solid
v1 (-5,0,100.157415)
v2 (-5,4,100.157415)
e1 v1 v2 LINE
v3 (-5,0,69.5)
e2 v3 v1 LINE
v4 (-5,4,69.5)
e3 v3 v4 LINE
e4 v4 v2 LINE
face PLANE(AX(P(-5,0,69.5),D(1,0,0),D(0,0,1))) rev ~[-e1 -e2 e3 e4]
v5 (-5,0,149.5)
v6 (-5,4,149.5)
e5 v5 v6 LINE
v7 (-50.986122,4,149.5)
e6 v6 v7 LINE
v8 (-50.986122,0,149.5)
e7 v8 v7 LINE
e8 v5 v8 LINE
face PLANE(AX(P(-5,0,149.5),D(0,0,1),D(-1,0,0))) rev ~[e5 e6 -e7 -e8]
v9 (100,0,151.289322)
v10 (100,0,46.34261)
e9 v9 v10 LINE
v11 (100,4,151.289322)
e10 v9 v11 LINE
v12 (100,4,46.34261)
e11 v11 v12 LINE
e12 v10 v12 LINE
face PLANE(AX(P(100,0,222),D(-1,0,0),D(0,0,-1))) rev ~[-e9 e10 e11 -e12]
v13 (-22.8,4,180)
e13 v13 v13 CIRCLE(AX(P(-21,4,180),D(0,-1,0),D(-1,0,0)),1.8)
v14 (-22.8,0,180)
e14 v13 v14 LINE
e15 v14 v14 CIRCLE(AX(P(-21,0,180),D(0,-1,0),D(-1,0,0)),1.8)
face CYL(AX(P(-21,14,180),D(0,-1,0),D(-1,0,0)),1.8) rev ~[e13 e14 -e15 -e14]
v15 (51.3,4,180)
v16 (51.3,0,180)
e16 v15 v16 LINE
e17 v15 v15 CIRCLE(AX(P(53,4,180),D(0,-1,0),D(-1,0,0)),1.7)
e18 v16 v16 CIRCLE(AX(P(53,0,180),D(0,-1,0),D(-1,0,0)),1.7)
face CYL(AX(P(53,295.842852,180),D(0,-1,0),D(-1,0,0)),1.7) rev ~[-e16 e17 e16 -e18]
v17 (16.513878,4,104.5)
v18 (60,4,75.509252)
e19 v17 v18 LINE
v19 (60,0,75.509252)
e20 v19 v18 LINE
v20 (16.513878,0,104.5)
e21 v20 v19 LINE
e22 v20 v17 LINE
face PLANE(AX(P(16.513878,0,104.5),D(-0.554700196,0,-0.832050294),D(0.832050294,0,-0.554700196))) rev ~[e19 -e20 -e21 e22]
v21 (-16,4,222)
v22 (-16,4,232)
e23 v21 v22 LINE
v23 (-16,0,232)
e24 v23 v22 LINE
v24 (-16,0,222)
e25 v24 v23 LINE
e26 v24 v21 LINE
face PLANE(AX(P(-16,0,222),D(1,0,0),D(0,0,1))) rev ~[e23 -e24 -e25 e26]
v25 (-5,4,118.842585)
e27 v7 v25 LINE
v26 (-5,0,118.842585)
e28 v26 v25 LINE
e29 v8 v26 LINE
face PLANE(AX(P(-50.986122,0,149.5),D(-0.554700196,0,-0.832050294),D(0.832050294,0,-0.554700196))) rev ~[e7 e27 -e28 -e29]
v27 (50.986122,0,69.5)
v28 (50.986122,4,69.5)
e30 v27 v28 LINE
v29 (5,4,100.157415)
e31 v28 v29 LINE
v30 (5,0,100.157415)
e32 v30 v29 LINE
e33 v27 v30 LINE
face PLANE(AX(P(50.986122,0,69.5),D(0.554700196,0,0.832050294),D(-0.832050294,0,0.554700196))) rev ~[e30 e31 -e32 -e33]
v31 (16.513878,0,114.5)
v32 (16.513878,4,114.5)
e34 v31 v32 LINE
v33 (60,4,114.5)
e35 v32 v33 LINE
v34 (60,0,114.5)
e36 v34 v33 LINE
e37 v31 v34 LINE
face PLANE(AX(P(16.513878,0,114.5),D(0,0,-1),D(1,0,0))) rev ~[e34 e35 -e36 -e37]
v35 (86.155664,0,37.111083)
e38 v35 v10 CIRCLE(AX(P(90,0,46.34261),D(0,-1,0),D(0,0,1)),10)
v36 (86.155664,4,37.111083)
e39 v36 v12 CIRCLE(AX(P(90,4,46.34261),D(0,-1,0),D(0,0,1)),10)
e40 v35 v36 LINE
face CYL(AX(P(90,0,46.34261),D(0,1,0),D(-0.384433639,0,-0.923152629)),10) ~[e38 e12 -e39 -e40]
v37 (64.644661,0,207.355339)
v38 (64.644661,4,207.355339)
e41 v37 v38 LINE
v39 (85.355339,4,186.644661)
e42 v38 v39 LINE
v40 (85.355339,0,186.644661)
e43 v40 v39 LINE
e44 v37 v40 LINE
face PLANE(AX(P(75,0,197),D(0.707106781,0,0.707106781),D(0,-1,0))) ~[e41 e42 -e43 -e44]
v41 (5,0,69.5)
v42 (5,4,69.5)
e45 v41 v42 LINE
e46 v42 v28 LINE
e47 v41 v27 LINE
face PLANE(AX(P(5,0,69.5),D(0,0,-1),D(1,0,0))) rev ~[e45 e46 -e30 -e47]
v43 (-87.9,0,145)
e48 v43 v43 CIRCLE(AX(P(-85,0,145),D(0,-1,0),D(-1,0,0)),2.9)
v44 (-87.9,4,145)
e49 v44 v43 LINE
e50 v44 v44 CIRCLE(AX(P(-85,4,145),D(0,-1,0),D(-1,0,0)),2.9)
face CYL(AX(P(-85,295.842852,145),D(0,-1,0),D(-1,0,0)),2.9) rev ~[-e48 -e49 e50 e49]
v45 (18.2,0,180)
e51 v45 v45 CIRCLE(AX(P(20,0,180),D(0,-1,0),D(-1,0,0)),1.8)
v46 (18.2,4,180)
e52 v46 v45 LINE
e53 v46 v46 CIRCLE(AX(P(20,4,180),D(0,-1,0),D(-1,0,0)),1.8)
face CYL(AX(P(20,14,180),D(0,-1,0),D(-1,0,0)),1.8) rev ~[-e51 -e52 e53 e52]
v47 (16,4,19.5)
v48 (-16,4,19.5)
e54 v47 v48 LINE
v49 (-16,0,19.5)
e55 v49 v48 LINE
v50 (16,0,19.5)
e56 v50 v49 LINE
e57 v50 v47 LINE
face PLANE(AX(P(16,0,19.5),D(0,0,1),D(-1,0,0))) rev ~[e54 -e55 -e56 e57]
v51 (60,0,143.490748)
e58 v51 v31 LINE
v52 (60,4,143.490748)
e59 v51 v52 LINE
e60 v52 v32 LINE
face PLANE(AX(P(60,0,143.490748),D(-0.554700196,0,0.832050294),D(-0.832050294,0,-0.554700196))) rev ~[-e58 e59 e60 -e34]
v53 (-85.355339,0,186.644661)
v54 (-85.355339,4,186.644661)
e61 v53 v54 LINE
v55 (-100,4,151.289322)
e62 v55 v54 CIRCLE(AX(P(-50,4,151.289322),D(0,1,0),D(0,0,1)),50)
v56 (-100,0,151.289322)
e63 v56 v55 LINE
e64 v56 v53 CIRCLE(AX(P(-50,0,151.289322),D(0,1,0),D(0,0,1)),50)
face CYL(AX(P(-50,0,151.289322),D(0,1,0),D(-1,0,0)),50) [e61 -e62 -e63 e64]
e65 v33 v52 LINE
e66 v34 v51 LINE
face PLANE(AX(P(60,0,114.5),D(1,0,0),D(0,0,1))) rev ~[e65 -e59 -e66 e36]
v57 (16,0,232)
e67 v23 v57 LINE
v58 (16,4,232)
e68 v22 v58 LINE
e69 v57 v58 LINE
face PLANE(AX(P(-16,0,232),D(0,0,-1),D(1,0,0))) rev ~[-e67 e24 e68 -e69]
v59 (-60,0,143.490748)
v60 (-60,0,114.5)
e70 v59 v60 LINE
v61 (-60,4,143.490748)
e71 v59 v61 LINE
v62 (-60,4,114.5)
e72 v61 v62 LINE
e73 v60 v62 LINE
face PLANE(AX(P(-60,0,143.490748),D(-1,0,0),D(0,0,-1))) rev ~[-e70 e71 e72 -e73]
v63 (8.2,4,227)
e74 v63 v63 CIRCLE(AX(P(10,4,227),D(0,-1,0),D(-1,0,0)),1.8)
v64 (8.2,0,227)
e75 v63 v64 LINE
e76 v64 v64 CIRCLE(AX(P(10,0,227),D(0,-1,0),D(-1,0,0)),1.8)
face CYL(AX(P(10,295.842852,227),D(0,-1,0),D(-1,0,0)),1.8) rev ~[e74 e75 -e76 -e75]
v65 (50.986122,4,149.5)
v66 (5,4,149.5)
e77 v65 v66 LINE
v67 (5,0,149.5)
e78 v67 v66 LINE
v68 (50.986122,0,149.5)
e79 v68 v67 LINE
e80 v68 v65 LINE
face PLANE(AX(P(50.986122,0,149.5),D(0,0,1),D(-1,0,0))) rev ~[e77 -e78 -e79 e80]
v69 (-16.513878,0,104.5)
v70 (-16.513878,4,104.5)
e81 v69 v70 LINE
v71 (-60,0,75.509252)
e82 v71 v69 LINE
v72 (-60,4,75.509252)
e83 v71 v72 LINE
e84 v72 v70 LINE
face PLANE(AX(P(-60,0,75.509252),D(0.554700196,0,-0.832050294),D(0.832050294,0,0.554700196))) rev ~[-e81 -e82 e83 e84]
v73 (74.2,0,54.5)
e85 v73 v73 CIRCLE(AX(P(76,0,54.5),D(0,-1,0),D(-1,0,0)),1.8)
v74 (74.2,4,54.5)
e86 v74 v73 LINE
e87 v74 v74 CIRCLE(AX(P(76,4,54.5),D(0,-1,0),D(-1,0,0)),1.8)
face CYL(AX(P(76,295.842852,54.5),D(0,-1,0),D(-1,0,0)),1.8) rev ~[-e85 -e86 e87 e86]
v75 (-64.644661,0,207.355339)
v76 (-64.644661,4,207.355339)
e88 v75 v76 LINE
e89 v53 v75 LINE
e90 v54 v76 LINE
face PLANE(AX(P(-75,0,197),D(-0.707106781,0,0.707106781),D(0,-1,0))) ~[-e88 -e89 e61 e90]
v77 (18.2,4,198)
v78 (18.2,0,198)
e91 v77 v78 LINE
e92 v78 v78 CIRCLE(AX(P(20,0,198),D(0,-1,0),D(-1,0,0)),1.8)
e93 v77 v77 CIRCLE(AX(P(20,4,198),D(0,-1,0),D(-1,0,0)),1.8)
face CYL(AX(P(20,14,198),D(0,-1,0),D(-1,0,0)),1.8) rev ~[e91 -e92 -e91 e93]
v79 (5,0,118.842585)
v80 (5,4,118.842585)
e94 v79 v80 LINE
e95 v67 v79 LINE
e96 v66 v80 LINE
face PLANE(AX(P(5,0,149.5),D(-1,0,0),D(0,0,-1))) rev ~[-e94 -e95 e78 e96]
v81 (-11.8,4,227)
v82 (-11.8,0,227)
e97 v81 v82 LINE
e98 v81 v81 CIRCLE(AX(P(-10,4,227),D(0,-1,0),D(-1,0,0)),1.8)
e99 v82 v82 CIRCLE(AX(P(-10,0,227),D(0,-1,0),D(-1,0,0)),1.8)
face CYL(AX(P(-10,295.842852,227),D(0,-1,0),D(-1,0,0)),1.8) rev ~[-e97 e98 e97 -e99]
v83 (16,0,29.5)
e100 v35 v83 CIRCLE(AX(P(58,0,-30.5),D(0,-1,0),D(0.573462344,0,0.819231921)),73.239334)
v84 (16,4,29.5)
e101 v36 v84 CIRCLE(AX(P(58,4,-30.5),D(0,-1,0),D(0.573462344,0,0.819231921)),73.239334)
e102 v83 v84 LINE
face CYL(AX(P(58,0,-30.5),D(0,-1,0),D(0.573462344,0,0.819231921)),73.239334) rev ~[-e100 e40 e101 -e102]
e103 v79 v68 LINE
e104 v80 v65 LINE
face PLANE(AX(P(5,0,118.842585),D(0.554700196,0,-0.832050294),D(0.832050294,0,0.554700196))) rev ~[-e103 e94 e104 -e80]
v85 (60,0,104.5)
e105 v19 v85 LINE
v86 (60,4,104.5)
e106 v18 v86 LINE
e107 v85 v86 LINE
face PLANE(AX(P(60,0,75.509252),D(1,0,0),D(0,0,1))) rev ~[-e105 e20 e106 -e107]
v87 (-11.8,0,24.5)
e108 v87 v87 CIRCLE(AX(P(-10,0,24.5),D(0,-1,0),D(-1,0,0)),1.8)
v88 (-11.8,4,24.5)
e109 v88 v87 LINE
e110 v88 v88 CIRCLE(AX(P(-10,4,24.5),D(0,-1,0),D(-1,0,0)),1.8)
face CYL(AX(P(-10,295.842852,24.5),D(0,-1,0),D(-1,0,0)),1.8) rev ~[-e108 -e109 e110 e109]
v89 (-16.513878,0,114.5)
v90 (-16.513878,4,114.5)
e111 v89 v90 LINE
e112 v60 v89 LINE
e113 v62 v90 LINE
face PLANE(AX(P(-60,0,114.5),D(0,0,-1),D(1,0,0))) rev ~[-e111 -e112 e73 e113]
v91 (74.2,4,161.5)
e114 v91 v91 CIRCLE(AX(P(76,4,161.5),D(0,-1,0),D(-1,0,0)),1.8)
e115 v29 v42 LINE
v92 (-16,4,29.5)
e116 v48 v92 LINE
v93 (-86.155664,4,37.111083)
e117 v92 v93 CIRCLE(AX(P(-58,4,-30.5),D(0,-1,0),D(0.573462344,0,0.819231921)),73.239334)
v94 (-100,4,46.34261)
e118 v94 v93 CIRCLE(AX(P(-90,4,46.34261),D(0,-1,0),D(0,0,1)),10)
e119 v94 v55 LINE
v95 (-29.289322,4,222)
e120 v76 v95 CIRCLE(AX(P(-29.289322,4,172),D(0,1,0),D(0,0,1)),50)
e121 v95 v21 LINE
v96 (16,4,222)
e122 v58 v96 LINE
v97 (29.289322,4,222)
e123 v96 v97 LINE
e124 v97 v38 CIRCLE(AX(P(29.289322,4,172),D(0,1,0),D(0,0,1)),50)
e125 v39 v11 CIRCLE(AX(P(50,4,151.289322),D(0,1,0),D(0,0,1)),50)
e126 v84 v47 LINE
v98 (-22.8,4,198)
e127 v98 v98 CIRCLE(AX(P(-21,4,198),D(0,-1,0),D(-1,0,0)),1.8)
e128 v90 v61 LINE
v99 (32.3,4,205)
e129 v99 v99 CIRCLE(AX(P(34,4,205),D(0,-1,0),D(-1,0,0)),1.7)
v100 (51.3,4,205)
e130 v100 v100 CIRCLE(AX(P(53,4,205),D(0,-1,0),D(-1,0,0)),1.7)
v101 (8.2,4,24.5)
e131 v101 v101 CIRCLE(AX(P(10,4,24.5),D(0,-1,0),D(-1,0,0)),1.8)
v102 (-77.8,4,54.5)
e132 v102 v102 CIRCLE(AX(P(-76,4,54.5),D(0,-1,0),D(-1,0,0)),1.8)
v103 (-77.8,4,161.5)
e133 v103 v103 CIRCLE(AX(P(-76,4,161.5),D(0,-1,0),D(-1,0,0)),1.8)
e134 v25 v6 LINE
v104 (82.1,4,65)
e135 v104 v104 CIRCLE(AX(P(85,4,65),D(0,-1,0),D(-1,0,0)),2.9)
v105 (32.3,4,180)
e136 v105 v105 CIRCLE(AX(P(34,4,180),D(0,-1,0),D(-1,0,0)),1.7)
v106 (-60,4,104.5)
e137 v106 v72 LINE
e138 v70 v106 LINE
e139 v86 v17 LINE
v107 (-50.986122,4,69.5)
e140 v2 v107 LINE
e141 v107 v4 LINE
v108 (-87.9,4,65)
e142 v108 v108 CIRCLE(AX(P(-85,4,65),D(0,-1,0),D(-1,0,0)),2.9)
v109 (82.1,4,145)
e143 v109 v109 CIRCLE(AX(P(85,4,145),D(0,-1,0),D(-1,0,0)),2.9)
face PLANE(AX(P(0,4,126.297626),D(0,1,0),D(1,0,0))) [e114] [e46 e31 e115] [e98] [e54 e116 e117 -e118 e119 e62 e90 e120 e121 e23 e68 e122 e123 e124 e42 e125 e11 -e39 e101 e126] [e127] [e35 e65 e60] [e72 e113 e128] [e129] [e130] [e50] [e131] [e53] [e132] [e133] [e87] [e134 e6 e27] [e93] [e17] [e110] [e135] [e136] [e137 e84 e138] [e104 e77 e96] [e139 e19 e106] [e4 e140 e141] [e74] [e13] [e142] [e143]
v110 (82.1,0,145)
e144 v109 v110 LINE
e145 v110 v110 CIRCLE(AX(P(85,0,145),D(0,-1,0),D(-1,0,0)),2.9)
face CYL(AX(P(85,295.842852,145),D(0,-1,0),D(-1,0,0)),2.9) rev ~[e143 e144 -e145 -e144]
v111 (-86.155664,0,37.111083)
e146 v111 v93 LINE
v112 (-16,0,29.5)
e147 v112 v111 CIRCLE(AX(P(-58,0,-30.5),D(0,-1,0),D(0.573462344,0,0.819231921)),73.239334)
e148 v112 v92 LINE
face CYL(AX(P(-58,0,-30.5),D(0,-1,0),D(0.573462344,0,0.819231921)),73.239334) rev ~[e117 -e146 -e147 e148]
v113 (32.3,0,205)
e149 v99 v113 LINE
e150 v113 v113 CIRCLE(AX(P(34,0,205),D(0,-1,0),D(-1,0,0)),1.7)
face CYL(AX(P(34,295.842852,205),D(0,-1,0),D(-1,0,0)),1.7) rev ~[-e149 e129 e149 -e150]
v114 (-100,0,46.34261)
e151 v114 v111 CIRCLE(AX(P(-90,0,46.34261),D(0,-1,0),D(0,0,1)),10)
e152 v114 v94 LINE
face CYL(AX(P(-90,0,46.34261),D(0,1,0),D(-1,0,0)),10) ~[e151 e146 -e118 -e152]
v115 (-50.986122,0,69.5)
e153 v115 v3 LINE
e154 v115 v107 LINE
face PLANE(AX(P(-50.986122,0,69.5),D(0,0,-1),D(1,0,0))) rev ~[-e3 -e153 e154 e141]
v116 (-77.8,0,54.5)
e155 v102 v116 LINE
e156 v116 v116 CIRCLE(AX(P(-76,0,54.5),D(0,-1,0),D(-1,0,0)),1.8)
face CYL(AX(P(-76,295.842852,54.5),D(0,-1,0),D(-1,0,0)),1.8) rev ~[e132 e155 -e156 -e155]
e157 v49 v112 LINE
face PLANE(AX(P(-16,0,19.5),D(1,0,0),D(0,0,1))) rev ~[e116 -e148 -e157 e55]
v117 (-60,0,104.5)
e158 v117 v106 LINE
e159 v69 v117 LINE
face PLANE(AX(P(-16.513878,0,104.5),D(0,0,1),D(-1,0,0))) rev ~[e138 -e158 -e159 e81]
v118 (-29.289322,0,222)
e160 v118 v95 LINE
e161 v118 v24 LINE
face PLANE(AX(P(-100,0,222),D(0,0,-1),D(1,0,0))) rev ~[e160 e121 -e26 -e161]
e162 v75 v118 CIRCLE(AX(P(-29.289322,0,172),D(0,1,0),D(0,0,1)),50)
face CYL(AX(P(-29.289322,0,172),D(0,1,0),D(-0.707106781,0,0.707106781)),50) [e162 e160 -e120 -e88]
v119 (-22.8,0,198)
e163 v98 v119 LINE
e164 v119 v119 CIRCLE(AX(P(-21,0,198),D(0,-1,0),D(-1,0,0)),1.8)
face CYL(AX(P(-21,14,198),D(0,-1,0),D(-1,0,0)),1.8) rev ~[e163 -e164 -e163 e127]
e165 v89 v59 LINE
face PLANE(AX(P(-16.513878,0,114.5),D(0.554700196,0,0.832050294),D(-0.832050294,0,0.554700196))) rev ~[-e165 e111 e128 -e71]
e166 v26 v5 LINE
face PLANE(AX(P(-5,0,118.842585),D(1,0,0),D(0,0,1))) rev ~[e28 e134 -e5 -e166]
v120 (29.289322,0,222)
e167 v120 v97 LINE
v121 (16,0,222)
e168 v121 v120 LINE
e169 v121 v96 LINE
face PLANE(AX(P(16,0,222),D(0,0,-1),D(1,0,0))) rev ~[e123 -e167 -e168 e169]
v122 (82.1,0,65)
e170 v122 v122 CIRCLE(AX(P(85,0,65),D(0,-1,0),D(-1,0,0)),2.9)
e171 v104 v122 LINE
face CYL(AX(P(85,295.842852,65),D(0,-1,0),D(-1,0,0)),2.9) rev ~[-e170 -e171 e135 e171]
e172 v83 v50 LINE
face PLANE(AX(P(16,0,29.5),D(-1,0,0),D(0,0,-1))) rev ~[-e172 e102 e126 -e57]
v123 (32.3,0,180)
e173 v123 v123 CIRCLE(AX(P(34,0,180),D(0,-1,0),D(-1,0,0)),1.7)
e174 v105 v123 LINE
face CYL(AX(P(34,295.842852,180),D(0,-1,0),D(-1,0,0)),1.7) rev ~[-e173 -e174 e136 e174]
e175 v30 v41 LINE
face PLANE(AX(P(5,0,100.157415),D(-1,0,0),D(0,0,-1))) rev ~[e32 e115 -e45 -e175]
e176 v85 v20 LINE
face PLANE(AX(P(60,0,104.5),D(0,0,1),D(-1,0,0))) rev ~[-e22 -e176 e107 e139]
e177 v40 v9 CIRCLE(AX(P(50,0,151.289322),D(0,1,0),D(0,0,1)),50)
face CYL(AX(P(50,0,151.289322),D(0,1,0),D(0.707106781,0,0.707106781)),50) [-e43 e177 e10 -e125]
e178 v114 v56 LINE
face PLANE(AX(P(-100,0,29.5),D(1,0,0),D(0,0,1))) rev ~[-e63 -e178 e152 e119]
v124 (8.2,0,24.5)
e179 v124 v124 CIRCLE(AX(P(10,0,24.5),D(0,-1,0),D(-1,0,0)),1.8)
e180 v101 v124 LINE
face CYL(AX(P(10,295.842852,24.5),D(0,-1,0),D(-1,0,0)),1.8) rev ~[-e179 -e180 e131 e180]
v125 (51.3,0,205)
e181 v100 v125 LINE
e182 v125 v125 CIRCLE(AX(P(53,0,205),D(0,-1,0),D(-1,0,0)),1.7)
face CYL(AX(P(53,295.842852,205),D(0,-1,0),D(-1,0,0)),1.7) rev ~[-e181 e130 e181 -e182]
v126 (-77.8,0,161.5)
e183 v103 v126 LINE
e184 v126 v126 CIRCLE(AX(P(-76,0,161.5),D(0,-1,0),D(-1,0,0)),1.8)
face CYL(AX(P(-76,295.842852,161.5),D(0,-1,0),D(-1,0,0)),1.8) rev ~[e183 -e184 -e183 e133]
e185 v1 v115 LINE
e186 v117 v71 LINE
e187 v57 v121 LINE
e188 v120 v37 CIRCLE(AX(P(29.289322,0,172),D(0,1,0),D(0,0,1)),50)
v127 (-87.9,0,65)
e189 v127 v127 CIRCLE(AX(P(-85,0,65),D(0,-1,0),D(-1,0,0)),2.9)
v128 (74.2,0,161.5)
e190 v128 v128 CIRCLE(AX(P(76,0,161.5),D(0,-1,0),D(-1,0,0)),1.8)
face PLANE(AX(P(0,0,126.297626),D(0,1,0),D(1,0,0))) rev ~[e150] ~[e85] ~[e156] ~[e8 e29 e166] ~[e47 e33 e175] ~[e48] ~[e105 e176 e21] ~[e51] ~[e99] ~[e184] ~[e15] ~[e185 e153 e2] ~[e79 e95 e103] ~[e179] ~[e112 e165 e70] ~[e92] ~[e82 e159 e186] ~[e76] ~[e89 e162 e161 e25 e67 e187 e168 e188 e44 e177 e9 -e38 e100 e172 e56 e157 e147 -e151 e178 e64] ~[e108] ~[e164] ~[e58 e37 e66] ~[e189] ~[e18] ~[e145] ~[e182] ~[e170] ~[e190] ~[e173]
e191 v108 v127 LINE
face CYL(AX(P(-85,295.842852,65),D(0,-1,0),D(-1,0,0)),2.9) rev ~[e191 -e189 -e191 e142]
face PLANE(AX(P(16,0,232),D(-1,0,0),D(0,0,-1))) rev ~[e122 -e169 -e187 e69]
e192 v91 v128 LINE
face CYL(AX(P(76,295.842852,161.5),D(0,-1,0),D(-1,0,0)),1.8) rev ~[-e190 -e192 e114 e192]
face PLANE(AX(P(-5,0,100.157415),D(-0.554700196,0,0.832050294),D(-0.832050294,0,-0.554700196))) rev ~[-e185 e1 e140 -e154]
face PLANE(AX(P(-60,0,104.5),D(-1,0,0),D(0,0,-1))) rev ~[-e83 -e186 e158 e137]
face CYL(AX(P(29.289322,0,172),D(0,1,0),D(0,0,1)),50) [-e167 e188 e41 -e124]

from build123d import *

# Parameters (mm, degrees)
BOSS_EXTRUDE1_DEPTH      = 4
M5_CLEARANCE_HOLE1_D     = 5.8
FILLET1_R                = 10
M3_CLEARANCE_HOLE1_D     = 3.6
M3_CLEARANCE_HOLE1_DEPTH = 10
M3_CLEARANCE_HOLE1_TIP   = 1.081549114
CHAMFER1_SIZE            = 50
FILLET3_R                = 50
M3_CLEARANCE_HOLE2_D     = 3.6
M3_CLEARANCE_HOLE3_D     = 3.4


with BuildPart() as part:
    # Sketch1 → Boss-Extrude1 (new body)
    with BuildSketch(Plane(origin=(0, 0, 0), x_dir=(1, 0, 0), z_dir=(0, 1, 0))):
        with BuildLine():
            Line((-100, -29.5), (-100, -222))
            Line((-100, -222), (-16, -222))
            Line((-16, -222), (-16, -232))
            Line((-16, -232), (16, -232))
            Line((16, -232), (16, -222))
            Line((16, -222), (100, -222))
            Line((100, -222), (100, -29.5))
            ThreePointArc((100, -29.5), (58, -42.739333694), (16, -29.5))
            Line((16, -29.5), (16, -19.5))
            Line((16, -19.5), (-16, -19.5))
            Line((-16, -19.5), (-16, -29.5))
            ThreePointArc((-16, -29.5), (-58, -42.739333694), (-100, -29.5))
        make_face()
        Polygon((-50.986121811, -69.5), (-5, -69.5), (-5, -100.157414541), align=None, mode=Mode.SUBTRACT)
        Polygon((5, -69.5), (50.986121811, -69.5), (5, -100.157414541), align=None, mode=Mode.SUBTRACT)
        Polygon((60, -75.509252126), (60, -104.5), (16.513878189, -104.5), align=None, mode=Mode.SUBTRACT)
        Polygon((60, -114.5), (60, -143.490747874), (16.513878189, -114.5), align=None, mode=Mode.SUBTRACT)
        Polygon((50.986121811, -149.5), (5, -149.5), (5, -118.842585459), align=None, mode=Mode.SUBTRACT)
        Polygon((-5, -149.5), (-50.986121811, -149.5), (-5, -118.842585459), align=None, mode=Mode.SUBTRACT)
        Polygon((-60, -143.490747874), (-60, -114.5), (-16.513878189, -114.5), align=None, mode=Mode.SUBTRACT)
        Polygon((-16.513878189, -104.5), (-60, -104.5), (-60, -75.509252126), align=None, mode=Mode.SUBTRACT)
    extrude(amount=BOSS_EXTRUDE1_DEPTH)

    # M5 Clearance Hole1 (through all)
    with Locations(Plane(origin=(0, 4, 0), x_dir=(1, 0, 0), z_dir=(0, 1, 0))):
        with Locations((-85, -65), (-85, -145), (85, -145), (85, -65)):
            Hole(M5_CLEARANCE_HOLE1_D / 2)

    # Fillet1
    fillet1_edges = [part.edges().sort_by_distance(p)[0] for p in [
        (100, 2, 29.5),
        (-100, 2, 29.5),
    ]]
    fillet(fillet1_edges, radius=FILLET1_R)

    # M3 Clearance Hole1
    with Locations(Plane(origin=(0, 4, 0), x_dir=(1, 0, 0), z_dir=(0, 1, 0))):
        with Locations((-21, -198), (-21, -180), (20, -180), (20, -198)):
            Hole(M3_CLEARANCE_HOLE1_D / 2, depth=M3_CLEARANCE_HOLE1_DEPTH)
            with Locations((0, 0, -(M3_CLEARANCE_HOLE1_DEPTH + M3_CLEARANCE_HOLE1_TIP / 2))):  # 118° drill point
                Cone(0, M3_CLEARANCE_HOLE1_D / 2, M3_CLEARANCE_HOLE1_TIP, mode=Mode.SUBTRACT)

    # Chamfer1
    chamfer1_edges = [part.edges().sort_by_distance(p)[0] for p in [
        (100, 2, 222),
        (-100, 2, 222),
    ]]
    chamfer(chamfer1_edges, length=CHAMFER1_SIZE)

    # Fillet3
    fillet3_edges = [part.edges().sort_by_distance(p)[0] for p in [
        (100, 2, 172),
        (50, 2, 222),
        (-50, 2, 222),
        (-100, 2, 172),
    ]]
    fillet(fillet3_edges, radius=FILLET3_R)

    # M3 Clearance Hole2 (through all)
    with Locations(Plane(origin=(0, 4, 0), x_dir=(1, 0, 0), z_dir=(0, 1, 0))):
        with Locations((-76, -54.5), (76, -54.5), (76, -161.5), (-76, -161.5), (-10, -24.5), (10, -24.5), (-10, -227), (10, -227)):
            Hole(M3_CLEARANCE_HOLE2_D / 2)

    # M3 Clearance Hole3 (through all)
    with Locations(Plane(origin=(0, 4, 0), x_dir=(1, 0, 0), z_dir=(0, 1, 0))):
        with Locations((53, -180), (34, -180), (34, -205), (53, -205)):
            Hole(M3_CLEARANCE_HOLE3_D / 2)


solid = part.part
